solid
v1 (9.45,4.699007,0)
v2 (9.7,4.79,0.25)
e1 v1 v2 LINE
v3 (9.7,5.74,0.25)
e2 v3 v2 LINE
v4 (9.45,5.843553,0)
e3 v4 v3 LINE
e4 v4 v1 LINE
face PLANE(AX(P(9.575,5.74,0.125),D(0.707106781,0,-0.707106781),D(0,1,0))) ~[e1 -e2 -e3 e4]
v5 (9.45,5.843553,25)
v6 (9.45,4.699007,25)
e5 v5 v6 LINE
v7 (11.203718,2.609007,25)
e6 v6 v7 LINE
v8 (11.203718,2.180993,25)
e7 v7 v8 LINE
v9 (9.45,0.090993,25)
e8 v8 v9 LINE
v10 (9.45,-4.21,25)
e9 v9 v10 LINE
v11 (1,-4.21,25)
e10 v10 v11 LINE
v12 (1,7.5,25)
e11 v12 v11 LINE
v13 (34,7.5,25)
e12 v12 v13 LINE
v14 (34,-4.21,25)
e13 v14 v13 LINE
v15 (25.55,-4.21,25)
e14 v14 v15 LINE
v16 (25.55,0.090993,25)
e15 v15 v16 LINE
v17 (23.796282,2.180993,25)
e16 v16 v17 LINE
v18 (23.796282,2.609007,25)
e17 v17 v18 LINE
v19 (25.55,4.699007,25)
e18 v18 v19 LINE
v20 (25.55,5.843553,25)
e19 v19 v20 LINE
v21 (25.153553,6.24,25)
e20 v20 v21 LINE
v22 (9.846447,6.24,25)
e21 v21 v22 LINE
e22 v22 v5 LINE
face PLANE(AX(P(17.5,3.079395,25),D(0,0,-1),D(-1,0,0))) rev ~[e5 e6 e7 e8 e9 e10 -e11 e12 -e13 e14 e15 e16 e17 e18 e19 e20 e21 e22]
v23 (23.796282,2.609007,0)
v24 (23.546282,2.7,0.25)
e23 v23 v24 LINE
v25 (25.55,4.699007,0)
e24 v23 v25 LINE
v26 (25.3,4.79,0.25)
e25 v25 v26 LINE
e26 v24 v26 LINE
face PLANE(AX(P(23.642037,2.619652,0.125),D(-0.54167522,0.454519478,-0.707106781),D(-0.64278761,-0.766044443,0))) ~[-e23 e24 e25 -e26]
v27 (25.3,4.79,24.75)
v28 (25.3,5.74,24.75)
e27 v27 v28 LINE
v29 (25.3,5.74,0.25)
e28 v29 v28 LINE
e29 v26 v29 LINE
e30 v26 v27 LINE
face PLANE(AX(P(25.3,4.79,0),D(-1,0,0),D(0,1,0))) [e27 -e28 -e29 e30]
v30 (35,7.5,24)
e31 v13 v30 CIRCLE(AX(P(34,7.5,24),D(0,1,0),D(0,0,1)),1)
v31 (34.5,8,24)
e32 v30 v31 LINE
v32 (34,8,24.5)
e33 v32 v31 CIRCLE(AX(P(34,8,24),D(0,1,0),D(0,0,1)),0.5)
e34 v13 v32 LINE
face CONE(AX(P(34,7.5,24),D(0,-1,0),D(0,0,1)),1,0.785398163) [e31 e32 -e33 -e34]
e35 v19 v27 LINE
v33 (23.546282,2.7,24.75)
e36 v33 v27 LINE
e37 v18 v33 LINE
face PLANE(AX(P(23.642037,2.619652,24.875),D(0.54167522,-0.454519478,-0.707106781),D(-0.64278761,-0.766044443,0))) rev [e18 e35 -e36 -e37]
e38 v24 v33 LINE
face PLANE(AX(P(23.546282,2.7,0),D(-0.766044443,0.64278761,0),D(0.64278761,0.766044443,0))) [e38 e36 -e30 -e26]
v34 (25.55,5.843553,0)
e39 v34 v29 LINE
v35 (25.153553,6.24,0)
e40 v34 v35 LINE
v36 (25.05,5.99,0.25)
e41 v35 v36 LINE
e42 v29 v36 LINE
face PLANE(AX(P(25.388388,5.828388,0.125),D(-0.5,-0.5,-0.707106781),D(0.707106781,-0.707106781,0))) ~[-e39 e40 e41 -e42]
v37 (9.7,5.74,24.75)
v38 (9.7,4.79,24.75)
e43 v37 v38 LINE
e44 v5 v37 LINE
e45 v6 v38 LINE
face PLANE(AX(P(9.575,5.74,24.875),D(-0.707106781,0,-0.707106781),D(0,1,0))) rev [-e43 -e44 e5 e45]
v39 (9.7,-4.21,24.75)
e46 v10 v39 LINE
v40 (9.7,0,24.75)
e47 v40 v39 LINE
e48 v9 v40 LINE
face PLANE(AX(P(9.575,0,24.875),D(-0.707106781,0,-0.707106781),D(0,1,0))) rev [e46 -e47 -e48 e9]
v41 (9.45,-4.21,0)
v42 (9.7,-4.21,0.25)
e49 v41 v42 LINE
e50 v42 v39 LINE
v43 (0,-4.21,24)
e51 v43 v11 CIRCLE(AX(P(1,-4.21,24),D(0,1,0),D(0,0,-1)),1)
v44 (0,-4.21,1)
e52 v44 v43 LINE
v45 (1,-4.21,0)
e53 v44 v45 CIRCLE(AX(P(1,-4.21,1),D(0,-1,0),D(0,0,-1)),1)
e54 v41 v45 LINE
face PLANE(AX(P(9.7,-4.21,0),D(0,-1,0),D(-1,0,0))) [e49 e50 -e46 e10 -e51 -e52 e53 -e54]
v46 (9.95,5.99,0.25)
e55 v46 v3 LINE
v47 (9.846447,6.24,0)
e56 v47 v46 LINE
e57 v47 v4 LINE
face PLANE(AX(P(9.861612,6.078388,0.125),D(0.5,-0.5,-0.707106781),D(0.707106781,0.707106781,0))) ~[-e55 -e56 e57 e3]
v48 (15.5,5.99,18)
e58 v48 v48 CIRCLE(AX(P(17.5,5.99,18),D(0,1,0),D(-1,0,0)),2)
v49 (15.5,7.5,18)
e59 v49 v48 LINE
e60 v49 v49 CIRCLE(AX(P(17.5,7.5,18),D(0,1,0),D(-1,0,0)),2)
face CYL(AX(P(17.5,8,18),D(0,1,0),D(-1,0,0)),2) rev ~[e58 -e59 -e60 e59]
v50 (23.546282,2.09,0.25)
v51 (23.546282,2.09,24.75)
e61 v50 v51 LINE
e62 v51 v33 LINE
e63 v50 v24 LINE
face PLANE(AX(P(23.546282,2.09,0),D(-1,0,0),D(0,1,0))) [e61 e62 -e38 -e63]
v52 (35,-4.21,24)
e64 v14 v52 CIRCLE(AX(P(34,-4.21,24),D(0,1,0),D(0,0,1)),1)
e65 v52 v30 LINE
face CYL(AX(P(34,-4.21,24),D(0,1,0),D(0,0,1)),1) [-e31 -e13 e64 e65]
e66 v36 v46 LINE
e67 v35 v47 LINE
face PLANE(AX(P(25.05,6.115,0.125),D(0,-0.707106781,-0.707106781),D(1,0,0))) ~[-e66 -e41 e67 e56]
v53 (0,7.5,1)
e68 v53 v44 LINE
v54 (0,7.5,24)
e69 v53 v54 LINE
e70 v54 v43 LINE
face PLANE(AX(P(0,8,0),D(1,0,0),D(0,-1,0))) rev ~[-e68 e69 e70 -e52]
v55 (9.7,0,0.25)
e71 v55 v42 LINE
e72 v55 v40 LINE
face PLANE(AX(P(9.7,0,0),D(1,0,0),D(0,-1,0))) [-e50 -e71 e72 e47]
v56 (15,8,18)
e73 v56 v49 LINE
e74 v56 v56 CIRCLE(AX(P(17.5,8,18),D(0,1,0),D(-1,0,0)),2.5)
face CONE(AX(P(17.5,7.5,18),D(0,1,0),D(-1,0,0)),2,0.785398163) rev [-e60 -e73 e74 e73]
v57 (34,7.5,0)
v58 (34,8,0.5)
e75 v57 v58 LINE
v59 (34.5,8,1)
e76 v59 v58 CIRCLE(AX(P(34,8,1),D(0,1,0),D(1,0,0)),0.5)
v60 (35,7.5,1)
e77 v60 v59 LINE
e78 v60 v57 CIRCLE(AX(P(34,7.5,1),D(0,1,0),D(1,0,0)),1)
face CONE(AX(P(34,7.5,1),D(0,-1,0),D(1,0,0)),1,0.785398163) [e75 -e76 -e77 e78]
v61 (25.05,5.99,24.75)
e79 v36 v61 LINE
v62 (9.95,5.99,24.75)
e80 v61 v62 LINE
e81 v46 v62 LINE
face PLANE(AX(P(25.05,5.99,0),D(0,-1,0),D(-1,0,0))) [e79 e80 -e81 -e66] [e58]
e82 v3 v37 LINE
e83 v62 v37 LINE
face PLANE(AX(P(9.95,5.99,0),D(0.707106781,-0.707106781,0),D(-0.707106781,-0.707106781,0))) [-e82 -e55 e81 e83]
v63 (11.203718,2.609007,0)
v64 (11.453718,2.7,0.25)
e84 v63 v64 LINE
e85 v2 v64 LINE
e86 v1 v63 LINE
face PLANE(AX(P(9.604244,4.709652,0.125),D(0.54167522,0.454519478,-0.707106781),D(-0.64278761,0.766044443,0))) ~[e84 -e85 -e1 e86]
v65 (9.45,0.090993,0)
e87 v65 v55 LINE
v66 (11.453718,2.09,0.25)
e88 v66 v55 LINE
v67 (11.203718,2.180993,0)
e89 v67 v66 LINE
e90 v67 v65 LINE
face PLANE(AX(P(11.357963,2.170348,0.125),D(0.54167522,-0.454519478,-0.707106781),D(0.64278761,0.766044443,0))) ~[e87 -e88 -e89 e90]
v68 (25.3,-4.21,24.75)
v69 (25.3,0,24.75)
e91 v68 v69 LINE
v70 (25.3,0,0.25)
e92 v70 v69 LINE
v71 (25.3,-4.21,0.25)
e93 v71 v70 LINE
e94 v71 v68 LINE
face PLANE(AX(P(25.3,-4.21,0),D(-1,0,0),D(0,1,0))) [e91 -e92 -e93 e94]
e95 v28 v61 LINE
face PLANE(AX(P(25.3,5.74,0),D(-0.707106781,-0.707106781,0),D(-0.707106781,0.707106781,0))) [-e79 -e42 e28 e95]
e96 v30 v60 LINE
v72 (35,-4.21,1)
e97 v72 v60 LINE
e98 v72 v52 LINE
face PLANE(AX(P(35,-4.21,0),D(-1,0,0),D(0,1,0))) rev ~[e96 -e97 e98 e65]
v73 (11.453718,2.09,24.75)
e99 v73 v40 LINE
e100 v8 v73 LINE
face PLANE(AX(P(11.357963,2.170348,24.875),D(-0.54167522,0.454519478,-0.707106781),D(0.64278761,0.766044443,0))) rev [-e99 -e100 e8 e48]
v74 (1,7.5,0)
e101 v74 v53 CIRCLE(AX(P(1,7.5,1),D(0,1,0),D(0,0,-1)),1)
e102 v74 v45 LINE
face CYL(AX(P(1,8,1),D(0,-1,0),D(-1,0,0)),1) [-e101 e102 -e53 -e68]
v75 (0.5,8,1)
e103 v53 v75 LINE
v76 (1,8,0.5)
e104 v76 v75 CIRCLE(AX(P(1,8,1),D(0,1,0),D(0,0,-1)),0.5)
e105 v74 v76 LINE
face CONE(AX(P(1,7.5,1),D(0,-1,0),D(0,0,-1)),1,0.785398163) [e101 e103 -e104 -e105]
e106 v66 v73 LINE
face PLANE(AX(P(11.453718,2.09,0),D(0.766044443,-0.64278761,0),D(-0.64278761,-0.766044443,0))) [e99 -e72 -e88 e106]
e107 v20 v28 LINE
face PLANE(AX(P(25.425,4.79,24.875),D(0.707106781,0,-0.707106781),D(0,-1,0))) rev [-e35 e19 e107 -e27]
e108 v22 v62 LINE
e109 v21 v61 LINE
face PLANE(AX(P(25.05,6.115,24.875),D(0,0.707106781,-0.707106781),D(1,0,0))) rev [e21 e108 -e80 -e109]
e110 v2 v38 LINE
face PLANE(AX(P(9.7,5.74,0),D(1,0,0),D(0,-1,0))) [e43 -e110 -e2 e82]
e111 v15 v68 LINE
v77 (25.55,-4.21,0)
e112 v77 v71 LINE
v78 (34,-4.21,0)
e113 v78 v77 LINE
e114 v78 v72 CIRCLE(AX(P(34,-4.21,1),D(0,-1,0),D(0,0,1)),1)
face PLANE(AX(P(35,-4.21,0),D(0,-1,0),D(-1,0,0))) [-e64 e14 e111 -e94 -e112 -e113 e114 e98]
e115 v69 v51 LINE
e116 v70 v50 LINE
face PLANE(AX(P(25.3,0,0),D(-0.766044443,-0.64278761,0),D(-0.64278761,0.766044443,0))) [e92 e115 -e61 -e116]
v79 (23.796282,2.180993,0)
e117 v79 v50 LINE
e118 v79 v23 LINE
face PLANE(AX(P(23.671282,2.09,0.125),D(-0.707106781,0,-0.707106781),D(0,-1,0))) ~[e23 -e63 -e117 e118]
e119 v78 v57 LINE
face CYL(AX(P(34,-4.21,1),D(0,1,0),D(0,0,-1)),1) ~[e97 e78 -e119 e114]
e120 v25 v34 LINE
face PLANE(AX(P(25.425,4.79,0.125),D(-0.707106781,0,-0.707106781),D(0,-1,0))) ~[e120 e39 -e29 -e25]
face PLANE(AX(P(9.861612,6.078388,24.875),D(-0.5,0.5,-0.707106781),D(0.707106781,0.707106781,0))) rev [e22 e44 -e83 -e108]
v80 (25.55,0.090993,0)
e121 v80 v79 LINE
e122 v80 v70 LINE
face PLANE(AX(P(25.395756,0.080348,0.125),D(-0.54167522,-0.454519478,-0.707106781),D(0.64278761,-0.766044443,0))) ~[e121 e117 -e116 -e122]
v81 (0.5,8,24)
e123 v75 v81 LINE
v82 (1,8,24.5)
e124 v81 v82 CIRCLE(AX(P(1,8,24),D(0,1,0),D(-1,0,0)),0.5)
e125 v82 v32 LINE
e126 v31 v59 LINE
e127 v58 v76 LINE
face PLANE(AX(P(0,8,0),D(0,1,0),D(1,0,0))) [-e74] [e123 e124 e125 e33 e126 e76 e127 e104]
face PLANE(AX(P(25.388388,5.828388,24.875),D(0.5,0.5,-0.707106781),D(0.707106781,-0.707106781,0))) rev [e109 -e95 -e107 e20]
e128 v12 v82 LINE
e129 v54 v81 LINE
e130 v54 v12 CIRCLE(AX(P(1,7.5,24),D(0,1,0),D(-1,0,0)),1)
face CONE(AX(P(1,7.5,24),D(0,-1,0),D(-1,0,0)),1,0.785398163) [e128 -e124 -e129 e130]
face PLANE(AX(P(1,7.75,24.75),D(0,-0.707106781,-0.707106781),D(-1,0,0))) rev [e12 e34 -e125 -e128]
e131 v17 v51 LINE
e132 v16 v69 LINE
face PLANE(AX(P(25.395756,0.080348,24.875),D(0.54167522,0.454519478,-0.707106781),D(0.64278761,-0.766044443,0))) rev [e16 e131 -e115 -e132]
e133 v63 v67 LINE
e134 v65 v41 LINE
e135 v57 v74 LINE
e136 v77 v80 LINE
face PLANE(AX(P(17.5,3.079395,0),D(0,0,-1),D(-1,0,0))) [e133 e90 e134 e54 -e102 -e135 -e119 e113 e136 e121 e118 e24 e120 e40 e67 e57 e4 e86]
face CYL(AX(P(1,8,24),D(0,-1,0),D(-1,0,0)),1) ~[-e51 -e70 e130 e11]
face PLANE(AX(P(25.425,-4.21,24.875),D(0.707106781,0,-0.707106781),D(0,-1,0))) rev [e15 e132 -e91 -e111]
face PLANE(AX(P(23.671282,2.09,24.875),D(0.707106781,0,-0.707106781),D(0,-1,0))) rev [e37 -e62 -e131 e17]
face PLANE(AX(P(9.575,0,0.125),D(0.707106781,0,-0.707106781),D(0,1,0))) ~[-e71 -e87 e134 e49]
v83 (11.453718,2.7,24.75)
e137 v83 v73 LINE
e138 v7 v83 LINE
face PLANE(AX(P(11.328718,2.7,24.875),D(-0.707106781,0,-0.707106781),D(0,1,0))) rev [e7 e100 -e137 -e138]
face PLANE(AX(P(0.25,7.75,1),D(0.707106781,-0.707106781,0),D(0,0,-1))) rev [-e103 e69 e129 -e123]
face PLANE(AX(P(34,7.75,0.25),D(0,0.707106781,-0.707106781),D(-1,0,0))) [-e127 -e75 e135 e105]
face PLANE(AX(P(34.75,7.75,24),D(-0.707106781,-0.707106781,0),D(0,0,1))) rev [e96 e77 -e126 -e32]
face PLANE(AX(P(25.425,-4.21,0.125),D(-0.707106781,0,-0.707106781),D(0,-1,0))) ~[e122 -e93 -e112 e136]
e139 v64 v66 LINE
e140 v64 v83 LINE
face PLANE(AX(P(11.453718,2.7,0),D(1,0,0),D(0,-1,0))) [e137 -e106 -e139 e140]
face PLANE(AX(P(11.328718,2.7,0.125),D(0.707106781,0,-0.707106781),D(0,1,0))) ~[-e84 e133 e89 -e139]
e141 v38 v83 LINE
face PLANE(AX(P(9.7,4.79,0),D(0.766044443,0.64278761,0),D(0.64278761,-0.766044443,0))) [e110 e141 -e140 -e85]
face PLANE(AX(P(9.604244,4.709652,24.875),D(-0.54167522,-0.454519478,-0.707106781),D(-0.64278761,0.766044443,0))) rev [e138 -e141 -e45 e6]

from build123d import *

# Parameters (mm, degrees)
P_IDAT_VYSUNUT_M1_DEPTH  = 25
SKICA2_R                 = 2
ODEBRAT_VYSUNUT_M1_DEPTH = 2.01
ZAOBLIT1_R               = 1
ZKOSEN_4_SIZE            = 0.25
ZKOSEN_5_SIZE            = 0.5
ZKOSEN_6_SIZE            = 0.5


with BuildPart() as part:
    # Skica1 → Přidat vysunutím1 (new body)
    with BuildSketch(Plane.XY):
        Polygon((0, 0), (0, 8), (35, 8), (35, 0), (35, -4.21), (25.3, -4.21), (25.3, 0), (23.546281771, 2.09), (23.546281771, 2.7), (25.3, 4.79), (25.3, 5.74), (25.05, 5.99), (9.95, 5.99), (9.7, 5.74), (9.7, 4.79), (11.453718229, 2.7), (11.453718229, 2.09), (9.7, 0), (9.7, -4.21), (0, -4.21), align=None)
    extrude(amount=P_IDAT_VYSUNUT_M1_DEPTH)

    # Skica2 → Odebrat vysunutím1 (cut)
    with BuildSketch(Plane(origin=(0, 8, 0), x_dir=(1, 0, 0), z_dir=(0, 1, 0))):
        with Locations(Location((17.5, -18, 0), (0, 0, 180))):
            Circle(SKICA2_R)
    extrude(amount=-ODEBRAT_VYSUNUT_M1_DEPTH, mode=Mode.SUBTRACT)

    # Zaoblit1
    zaoblit1_edges = [part.edges().sort_by_distance(p)[0] for p in [
        (0, 1.895, 0),
        (35, 1.895, 0),
        (0, 1.895, 25),
        (35, 1.895, 25),
    ]]
    fillet(zaoblit1_edges, radius=ZAOBLIT1_R)

    # Zkosení4
    zkosen_4_edges = [part.edges().sort_by_distance(p)[0] for p in [
        (9.7, -2.105, 25),
        (10.576859115, 1.045, 25),
        (11.453718229, 2.395, 25),
        (25.3, -2.105, 0),
        (24.423140885, 1.045, 0),
        (23.546281771, 2.395, 0),
        (24.423140885, 3.745, 0),
        (25.3, 5.265, 0),
        (25.175, 5.865, 0),
        (17.5, 5.99, 0),
        (9.825, 5.865, 0),
        (9.7, 5.265, 0),
        (10.576859115, 3.745, 25),
        (10.576859115, 3.745, 0),
        (11.453718229, 2.395, 0),
        (10.576859115, 1.045, 0),
        (9.7, -2.105, 0),
        (9.7, 5.265, 25),
        (9.825, 5.865, 25),
        (17.5, 5.99, 25),
        (25.175, 5.865, 25),
        (25.3, 5.265, 25),
        (24.423140885, 3.745, 25),
        (23.546281771, 2.395, 25),
        (24.423140885, 1.045, 25),
        (25.3, -2.105, 25),
    ]]
    chamfer(zkosen_4_edges, length=ZKOSEN_4_SIZE)

    # Zkosení5
    zkosen_5_edges = [part.edges().sort_by_distance(p)[0] for p in [
        (17.5, 8, 25),
        (17.5, 8, 0),
        (0, 8, 12.5),
        (35, 8, 12.5),
        (0.292893219, 8, 24.707106781),
        (0.292893219, 8, 0.292893219),
        (34.707106781, 8, 0.292893219),
        (34.707106781, 8, 24.707106781),
    ]]
    chamfer(zkosen_5_edges, length=ZKOSEN_5_SIZE)

    # Zkosení6
    zkosen_6_edges = [part.edges().sort_by_distance(p)[0] for p in [
        (19.5, 8, 18),
    ]]
    chamfer(zkosen_6_edges, length=ZKOSEN_6_SIZE)


solid = part.part
